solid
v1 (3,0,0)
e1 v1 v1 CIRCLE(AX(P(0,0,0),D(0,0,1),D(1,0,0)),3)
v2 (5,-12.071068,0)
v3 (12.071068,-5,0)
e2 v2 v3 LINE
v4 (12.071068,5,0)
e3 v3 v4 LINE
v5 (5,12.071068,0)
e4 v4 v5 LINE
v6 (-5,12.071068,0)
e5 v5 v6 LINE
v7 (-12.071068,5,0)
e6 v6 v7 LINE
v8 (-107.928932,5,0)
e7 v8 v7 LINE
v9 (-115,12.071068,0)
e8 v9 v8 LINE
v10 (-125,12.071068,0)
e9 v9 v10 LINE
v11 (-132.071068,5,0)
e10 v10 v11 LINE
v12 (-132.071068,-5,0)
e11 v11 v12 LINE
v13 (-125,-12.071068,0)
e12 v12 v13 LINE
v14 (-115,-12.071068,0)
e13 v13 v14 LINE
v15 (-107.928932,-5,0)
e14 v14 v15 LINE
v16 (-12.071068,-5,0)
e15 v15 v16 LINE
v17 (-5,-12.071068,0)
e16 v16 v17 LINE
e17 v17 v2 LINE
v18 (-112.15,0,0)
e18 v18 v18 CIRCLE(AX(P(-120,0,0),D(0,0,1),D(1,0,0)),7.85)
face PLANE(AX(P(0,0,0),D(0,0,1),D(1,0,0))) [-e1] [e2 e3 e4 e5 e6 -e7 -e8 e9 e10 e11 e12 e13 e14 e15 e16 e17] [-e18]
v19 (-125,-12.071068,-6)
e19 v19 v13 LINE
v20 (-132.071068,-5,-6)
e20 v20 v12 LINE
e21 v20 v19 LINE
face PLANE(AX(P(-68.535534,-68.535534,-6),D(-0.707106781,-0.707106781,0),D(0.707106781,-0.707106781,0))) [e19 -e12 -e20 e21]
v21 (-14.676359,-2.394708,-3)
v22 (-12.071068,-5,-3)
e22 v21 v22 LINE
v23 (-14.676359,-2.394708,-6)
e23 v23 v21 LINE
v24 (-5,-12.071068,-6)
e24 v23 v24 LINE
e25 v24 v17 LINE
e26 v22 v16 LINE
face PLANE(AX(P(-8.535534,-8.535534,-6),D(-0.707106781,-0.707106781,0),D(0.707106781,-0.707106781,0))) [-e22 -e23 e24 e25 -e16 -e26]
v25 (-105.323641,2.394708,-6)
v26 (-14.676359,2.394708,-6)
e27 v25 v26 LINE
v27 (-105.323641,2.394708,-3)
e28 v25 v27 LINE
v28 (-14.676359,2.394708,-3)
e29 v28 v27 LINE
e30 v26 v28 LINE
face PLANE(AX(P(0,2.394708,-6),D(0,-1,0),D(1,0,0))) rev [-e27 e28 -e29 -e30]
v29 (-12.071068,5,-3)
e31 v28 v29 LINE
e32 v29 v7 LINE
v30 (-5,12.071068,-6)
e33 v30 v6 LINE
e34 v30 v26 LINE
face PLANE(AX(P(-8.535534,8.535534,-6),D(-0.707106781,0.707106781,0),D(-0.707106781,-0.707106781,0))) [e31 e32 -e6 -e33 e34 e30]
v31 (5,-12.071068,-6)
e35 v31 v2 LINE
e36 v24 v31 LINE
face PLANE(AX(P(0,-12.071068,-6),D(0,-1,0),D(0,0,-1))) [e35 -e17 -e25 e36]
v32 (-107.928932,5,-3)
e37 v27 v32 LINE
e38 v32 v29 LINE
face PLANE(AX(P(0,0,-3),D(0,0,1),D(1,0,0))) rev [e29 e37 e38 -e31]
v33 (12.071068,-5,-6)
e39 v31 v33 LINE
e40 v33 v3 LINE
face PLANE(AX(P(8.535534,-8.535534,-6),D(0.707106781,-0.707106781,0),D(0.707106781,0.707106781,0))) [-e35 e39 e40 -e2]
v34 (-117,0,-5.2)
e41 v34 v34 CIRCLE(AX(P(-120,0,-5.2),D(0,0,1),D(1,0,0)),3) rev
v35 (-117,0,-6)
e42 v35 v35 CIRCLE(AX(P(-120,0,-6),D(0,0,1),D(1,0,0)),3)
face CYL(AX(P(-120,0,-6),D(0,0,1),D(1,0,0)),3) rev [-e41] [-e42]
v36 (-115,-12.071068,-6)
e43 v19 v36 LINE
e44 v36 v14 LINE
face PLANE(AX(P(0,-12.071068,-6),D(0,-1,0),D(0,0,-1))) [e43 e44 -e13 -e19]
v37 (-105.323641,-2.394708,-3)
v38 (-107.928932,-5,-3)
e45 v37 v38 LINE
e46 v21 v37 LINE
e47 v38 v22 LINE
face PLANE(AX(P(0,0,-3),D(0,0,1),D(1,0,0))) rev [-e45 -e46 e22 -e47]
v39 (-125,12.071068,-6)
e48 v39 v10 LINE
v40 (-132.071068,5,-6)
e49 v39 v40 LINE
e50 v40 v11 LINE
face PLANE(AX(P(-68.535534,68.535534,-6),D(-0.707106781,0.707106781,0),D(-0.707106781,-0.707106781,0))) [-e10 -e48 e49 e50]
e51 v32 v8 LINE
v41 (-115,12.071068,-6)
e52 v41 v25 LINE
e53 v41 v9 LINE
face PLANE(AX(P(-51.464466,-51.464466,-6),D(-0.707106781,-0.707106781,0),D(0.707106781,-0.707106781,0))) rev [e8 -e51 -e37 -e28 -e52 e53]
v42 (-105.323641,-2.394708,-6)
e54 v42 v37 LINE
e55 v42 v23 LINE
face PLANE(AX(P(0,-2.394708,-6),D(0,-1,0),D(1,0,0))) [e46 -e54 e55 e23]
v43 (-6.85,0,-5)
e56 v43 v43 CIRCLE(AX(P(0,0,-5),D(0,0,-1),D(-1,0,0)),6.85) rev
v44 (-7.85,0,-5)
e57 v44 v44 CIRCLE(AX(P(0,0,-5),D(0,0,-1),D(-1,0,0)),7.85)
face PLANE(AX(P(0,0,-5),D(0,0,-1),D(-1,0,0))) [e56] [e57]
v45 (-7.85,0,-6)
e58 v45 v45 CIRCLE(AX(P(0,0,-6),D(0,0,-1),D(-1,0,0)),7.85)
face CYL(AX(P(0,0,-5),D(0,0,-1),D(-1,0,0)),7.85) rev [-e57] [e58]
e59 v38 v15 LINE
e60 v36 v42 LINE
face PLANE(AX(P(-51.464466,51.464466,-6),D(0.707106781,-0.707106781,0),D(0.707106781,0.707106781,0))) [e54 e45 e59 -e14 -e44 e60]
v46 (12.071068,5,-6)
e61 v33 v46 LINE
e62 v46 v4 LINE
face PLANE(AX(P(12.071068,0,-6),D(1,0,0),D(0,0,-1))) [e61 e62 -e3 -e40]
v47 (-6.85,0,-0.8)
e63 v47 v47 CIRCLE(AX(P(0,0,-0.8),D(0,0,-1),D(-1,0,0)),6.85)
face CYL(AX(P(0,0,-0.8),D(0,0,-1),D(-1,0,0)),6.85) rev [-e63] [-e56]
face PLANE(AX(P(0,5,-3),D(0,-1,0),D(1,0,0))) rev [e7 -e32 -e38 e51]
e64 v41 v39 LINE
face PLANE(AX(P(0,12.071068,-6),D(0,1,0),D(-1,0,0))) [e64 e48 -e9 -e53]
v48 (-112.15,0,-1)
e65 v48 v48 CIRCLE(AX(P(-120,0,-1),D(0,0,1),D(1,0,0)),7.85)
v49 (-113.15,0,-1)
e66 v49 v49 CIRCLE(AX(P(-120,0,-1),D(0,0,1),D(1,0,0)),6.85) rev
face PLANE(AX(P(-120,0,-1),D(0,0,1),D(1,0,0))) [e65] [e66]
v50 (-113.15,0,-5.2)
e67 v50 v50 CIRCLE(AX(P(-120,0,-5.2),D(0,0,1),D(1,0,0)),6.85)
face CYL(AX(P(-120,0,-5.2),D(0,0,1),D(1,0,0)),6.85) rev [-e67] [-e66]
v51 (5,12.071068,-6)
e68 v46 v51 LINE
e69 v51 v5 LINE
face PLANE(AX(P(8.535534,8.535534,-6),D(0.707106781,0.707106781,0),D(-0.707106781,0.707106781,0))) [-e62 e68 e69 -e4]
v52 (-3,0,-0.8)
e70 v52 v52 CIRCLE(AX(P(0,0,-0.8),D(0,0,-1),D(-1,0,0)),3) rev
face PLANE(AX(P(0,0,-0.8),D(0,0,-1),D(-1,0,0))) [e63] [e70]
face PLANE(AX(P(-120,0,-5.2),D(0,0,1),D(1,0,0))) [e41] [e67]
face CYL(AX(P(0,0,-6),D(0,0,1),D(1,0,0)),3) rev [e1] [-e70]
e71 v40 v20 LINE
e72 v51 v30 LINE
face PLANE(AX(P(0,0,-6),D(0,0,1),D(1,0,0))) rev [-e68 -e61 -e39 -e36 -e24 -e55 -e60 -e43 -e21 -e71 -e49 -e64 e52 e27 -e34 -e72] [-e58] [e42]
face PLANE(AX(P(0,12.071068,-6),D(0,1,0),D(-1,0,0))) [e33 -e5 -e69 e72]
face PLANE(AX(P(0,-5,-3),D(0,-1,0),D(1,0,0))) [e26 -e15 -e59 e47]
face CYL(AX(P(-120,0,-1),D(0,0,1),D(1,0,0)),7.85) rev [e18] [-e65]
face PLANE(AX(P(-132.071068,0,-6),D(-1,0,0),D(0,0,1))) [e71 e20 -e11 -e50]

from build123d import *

# Parameters (mm, degrees)
SKETCH1_R           = 3
BOSS_EXTRUDE1_DEPTH = 6
BOSS_EXTRUDE2_DEPTH = 3
SKETCH3_R           = 6.85
CUT_EXTRUDE1_DEPTH  = 5.2
SKETCH4_R           = 7.85
CUT_EXTRUDE2_DEPTH  = 1
SKETCH5_R           = 6.85
CUT_EXTRUDE3_DEPTH  = 5.2
SKETCH6_R           = 7.85
CUT_EXTRUDE4_DEPTH  = 1


with BuildPart() as part:
    # Sketch1 → Boss-Extrude1 (new body)
    with BuildSketch(Plane.XY):
        Polygon((12.071067812, 5), (5, 12.071067812), (-5, 12.071067812), (-12.071067812, 5), (-14.676359397, 2.394708415), (-105.323640603, 2.394708415), (-107.928932188, 5), (-115, 12.071067812), (-125, 12.071067812), (-132.071067812, 5), (-132.071067812, -5), (-125, -12.071067812), (-115, -12.071067812), (-107.928932188, -5), (-105.323640603, -2.394708415), (-14.676359397, -2.394708415), (-12.071067812, -5), (-5, -12.071067812), (5, -12.071067812), (12.071067812, -5), align=None)
        with Locations((-120, 0)):
            Circle(SKETCH1_R, mode=Mode.SUBTRACT)
        Circle(SKETCH1_R, mode=Mode.SUBTRACT)
    extrude(amount=-BOSS_EXTRUDE1_DEPTH)

    # Sketch2 → Boss-Extrude2 (add)
    with BuildSketch(Plane.XY):
        Polygon((-14.676359397, -2.394708415), (-12.071067812, -5), (-107.928932188, -5), (-105.323640603, -2.394708415), align=None)
        Polygon((-14.676359397, 2.394708415), (-105.323640603, 2.394708415), (-107.928932188, 5), (-12.071067812, 5), align=None)
    extrude(amount=-BOSS_EXTRUDE2_DEPTH)

    # Sketch3 → Cut-Extrude1 (cut)
    with BuildSketch(Plane(origin=(0, 0, -6), x_dir=(-1, 0, 0), z_dir=(0, 0, -1))):
        Circle(SKETCH3_R)
    extrude(amount=-CUT_EXTRUDE1_DEPTH, mode=Mode.SUBTRACT)

    # Sketch4 → Cut-Extrude2 (cut)
    with BuildSketch(Plane(origin=(0, 0, -6), x_dir=(-1, 0, 0), z_dir=(0, 0, -1))):
        Circle(SKETCH4_R)
    extrude(amount=-CUT_EXTRUDE2_DEPTH, mode=Mode.SUBTRACT)

    # Sketch5 → Cut-Extrude3 (cut)
    with BuildSketch(Plane.XY):
        with Locations((-120, 0)):
            Circle(SKETCH5_R)
    extrude(amount=-CUT_EXTRUDE3_DEPTH, mode=Mode.SUBTRACT)

    # Sketch6 → Cut-Extrude4 (cut)
    with BuildSketch(Plane.XY):
        with Locations((-120, 0)):
            Circle(SKETCH6_R)
    extrude(amount=-CUT_EXTRUDE4_DEPTH, mode=Mode.SUBTRACT)


solid = part.part
